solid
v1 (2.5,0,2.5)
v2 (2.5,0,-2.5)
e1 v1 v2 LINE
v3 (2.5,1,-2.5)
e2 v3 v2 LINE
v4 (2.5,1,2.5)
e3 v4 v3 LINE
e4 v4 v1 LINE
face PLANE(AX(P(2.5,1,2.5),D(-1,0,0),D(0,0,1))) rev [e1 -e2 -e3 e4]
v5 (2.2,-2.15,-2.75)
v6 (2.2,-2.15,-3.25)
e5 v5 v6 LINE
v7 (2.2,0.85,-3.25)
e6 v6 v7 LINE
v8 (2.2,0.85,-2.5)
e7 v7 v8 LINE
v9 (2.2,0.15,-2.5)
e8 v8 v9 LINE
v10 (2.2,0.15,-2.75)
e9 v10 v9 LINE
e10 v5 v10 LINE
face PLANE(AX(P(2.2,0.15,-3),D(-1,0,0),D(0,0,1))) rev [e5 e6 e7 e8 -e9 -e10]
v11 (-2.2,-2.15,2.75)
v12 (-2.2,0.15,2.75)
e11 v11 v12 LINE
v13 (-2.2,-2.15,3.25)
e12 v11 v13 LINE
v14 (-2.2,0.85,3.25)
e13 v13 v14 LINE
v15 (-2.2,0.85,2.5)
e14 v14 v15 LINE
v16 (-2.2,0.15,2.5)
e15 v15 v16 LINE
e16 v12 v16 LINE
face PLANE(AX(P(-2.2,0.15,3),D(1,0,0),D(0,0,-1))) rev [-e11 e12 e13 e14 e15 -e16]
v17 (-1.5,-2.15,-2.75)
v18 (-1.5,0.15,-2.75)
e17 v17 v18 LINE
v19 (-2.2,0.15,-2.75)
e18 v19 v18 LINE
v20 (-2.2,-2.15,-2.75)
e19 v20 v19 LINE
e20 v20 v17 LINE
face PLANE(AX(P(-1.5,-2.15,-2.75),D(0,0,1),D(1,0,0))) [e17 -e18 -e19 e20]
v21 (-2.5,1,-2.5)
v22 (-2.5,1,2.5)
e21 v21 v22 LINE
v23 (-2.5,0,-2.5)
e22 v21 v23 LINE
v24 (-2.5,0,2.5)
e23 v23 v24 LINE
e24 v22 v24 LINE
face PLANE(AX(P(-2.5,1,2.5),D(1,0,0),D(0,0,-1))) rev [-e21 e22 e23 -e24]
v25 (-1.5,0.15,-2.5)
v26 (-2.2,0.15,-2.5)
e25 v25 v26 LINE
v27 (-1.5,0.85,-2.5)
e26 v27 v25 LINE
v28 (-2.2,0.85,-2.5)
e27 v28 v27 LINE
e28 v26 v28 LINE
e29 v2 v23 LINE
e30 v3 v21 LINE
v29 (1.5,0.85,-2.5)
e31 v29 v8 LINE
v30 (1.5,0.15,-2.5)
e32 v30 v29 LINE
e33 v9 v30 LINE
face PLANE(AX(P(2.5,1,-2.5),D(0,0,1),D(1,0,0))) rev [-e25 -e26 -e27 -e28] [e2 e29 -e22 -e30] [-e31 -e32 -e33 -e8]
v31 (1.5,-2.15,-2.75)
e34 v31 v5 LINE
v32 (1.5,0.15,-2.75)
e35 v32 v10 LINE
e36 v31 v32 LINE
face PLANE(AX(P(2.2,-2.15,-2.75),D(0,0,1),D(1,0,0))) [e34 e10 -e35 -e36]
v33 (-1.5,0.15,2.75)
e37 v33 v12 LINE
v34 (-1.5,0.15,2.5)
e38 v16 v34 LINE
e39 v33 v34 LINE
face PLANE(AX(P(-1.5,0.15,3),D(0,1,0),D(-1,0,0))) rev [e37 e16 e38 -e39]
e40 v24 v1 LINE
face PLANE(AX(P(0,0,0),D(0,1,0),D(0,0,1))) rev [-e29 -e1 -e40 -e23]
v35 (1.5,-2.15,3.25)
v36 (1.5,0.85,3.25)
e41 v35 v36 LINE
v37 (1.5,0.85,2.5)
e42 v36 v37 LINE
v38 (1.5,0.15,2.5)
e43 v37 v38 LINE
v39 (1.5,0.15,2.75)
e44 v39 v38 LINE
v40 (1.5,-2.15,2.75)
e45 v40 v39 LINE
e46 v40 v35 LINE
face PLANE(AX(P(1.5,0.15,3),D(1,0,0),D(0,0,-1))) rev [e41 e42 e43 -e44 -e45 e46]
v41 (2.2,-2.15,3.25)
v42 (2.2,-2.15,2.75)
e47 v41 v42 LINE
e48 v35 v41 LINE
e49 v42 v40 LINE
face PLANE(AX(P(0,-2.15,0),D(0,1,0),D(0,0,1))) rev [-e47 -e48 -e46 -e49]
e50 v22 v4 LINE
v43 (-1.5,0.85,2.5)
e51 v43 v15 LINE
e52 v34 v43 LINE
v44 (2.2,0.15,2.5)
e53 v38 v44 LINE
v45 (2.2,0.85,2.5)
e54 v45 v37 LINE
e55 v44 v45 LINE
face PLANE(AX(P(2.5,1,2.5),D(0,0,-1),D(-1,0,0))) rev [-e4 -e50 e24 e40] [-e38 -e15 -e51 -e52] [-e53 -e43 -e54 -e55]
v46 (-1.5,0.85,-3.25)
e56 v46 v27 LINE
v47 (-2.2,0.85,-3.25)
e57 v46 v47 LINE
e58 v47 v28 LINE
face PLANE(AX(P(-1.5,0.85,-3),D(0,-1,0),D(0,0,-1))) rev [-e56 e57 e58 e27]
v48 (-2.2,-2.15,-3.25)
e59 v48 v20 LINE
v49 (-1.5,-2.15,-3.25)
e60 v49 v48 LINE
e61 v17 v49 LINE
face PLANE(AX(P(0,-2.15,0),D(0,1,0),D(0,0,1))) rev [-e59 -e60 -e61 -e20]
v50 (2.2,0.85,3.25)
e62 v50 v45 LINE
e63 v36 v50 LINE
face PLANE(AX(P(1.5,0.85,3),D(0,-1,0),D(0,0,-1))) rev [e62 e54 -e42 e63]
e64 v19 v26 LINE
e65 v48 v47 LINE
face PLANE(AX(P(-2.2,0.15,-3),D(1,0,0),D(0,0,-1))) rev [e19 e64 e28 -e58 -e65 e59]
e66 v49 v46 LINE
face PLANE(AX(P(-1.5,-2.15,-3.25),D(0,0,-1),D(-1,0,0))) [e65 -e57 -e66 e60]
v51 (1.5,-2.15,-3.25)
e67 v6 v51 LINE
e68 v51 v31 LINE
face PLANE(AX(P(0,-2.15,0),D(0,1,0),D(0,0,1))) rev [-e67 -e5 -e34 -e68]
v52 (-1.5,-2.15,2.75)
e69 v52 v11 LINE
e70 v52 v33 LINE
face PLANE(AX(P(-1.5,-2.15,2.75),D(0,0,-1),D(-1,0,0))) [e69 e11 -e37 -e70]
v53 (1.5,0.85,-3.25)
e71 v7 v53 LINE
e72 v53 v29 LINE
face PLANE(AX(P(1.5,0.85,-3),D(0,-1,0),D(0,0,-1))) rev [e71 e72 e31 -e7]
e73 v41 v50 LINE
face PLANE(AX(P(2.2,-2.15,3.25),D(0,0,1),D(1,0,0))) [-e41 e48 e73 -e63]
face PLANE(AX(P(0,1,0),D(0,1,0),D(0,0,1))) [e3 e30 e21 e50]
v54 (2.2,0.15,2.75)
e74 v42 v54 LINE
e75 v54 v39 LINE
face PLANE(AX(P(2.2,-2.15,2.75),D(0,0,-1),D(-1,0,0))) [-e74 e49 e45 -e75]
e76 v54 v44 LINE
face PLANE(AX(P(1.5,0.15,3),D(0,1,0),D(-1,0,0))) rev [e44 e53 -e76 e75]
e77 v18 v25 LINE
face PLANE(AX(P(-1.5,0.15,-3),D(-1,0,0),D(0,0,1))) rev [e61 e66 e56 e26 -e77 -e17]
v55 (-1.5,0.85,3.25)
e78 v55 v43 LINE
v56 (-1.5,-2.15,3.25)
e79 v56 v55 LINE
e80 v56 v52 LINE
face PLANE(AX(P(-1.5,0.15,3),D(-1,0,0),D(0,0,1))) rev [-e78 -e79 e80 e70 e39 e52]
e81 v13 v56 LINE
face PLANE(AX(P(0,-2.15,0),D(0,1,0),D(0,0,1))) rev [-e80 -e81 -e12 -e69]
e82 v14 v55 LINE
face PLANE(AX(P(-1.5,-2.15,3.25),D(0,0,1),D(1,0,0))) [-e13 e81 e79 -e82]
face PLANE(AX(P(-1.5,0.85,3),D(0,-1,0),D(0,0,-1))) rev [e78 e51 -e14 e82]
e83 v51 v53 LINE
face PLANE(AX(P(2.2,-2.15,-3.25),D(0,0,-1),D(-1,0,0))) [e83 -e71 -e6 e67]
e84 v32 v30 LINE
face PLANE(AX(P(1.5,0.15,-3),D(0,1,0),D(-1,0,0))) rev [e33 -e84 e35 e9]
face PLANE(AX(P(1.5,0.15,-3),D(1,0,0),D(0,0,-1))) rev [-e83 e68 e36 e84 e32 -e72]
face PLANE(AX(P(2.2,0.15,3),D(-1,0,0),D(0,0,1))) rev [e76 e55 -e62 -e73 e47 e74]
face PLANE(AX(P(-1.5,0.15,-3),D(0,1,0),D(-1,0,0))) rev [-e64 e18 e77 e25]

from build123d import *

# Parameters (mm, degrees)
SKETCH1_W           = 5
SKETCH1_H           = 5
BOSS_EXTRUDE1_DEPTH = 1
SKETCH2_W           = 0.7
SKETCH2_H           = 0.7
BOSS_EXTRUDE2_DEPTH = 0.5
SKETCH7_W           = 0.7
SKETCH7_H           = 0.5
BOSS_EXTRUDE3_DEPTH = 3
SKETCH8_W           = 0.7
SKETCH8_H           = 0.7
BOSS_EXTRUDE4_DEPTH = 0.5
SKETCH9_W           = 0.7
SKETCH9_H           = 0.5
BOSS_EXTRUDE5_DEPTH = 3


with BuildPart() as part:
    # Sketch1 → Boss-Extrude1 (new body)
    with BuildSketch(Plane(origin=(0, 0, 0), x_dir=(1, 0, 0), z_dir=(0, 1, 0))):
        Rectangle(SKETCH1_W, SKETCH1_H)
    extrude(amount=BOSS_EXTRUDE1_DEPTH)

    # Sketch2 → Boss-Extrude2 (add)
    with BuildSketch(Plane.XY.offset(2.5)):
        with Locations((-1.85, 0.5)):
            Rectangle(SKETCH2_W, SKETCH2_H)
        with Locations((1.85, 0.5)):
            Rectangle(SKETCH2_W, SKETCH2_H)
    extrude(amount=BOSS_EXTRUDE2_DEPTH)

    # Sketch7 → Boss-Extrude3 (add)
    with BuildSketch(Plane(origin=(0, 0.85, 0), x_dir=(1, 0, 0), z_dir=(0, 1, 0))):
        with Locations((-1.85, -3)):
            Rectangle(SKETCH7_W, SKETCH7_H)
        with Locations((1.85, -3)):
            Rectangle(SKETCH7_W, SKETCH7_H)
    extrude(amount=-BOSS_EXTRUDE3_DEPTH)

    # Sketch8 → Boss-Extrude4 (add)
    with BuildSketch(Plane(origin=(0, 0, -2.5), x_dir=(-1, 0, 0), z_dir=(0, 0, -1))):
        with Locations((-1.85, 0.5)):
            Rectangle(SKETCH8_W, SKETCH8_H)
        with Locations((1.85, 0.5)):
            Rectangle(SKETCH8_W, SKETCH8_H)
    extrude(amount=BOSS_EXTRUDE4_DEPTH)

    # Sketch9 → Boss-Extrude5 (add)
    with BuildSketch(Plane(origin=(0, 0.85, 0), x_dir=(1, 0, 0), z_dir=(0, 1, 0))):
        with Locations((-1.85, 3)):
            Rectangle(SKETCH9_W, SKETCH9_H)
        with Locations((1.85, 3)):
            Rectangle(SKETCH9_W, SKETCH9_H)
    extrude(amount=-BOSS_EXTRUDE5_DEPTH)


solid = part.part
